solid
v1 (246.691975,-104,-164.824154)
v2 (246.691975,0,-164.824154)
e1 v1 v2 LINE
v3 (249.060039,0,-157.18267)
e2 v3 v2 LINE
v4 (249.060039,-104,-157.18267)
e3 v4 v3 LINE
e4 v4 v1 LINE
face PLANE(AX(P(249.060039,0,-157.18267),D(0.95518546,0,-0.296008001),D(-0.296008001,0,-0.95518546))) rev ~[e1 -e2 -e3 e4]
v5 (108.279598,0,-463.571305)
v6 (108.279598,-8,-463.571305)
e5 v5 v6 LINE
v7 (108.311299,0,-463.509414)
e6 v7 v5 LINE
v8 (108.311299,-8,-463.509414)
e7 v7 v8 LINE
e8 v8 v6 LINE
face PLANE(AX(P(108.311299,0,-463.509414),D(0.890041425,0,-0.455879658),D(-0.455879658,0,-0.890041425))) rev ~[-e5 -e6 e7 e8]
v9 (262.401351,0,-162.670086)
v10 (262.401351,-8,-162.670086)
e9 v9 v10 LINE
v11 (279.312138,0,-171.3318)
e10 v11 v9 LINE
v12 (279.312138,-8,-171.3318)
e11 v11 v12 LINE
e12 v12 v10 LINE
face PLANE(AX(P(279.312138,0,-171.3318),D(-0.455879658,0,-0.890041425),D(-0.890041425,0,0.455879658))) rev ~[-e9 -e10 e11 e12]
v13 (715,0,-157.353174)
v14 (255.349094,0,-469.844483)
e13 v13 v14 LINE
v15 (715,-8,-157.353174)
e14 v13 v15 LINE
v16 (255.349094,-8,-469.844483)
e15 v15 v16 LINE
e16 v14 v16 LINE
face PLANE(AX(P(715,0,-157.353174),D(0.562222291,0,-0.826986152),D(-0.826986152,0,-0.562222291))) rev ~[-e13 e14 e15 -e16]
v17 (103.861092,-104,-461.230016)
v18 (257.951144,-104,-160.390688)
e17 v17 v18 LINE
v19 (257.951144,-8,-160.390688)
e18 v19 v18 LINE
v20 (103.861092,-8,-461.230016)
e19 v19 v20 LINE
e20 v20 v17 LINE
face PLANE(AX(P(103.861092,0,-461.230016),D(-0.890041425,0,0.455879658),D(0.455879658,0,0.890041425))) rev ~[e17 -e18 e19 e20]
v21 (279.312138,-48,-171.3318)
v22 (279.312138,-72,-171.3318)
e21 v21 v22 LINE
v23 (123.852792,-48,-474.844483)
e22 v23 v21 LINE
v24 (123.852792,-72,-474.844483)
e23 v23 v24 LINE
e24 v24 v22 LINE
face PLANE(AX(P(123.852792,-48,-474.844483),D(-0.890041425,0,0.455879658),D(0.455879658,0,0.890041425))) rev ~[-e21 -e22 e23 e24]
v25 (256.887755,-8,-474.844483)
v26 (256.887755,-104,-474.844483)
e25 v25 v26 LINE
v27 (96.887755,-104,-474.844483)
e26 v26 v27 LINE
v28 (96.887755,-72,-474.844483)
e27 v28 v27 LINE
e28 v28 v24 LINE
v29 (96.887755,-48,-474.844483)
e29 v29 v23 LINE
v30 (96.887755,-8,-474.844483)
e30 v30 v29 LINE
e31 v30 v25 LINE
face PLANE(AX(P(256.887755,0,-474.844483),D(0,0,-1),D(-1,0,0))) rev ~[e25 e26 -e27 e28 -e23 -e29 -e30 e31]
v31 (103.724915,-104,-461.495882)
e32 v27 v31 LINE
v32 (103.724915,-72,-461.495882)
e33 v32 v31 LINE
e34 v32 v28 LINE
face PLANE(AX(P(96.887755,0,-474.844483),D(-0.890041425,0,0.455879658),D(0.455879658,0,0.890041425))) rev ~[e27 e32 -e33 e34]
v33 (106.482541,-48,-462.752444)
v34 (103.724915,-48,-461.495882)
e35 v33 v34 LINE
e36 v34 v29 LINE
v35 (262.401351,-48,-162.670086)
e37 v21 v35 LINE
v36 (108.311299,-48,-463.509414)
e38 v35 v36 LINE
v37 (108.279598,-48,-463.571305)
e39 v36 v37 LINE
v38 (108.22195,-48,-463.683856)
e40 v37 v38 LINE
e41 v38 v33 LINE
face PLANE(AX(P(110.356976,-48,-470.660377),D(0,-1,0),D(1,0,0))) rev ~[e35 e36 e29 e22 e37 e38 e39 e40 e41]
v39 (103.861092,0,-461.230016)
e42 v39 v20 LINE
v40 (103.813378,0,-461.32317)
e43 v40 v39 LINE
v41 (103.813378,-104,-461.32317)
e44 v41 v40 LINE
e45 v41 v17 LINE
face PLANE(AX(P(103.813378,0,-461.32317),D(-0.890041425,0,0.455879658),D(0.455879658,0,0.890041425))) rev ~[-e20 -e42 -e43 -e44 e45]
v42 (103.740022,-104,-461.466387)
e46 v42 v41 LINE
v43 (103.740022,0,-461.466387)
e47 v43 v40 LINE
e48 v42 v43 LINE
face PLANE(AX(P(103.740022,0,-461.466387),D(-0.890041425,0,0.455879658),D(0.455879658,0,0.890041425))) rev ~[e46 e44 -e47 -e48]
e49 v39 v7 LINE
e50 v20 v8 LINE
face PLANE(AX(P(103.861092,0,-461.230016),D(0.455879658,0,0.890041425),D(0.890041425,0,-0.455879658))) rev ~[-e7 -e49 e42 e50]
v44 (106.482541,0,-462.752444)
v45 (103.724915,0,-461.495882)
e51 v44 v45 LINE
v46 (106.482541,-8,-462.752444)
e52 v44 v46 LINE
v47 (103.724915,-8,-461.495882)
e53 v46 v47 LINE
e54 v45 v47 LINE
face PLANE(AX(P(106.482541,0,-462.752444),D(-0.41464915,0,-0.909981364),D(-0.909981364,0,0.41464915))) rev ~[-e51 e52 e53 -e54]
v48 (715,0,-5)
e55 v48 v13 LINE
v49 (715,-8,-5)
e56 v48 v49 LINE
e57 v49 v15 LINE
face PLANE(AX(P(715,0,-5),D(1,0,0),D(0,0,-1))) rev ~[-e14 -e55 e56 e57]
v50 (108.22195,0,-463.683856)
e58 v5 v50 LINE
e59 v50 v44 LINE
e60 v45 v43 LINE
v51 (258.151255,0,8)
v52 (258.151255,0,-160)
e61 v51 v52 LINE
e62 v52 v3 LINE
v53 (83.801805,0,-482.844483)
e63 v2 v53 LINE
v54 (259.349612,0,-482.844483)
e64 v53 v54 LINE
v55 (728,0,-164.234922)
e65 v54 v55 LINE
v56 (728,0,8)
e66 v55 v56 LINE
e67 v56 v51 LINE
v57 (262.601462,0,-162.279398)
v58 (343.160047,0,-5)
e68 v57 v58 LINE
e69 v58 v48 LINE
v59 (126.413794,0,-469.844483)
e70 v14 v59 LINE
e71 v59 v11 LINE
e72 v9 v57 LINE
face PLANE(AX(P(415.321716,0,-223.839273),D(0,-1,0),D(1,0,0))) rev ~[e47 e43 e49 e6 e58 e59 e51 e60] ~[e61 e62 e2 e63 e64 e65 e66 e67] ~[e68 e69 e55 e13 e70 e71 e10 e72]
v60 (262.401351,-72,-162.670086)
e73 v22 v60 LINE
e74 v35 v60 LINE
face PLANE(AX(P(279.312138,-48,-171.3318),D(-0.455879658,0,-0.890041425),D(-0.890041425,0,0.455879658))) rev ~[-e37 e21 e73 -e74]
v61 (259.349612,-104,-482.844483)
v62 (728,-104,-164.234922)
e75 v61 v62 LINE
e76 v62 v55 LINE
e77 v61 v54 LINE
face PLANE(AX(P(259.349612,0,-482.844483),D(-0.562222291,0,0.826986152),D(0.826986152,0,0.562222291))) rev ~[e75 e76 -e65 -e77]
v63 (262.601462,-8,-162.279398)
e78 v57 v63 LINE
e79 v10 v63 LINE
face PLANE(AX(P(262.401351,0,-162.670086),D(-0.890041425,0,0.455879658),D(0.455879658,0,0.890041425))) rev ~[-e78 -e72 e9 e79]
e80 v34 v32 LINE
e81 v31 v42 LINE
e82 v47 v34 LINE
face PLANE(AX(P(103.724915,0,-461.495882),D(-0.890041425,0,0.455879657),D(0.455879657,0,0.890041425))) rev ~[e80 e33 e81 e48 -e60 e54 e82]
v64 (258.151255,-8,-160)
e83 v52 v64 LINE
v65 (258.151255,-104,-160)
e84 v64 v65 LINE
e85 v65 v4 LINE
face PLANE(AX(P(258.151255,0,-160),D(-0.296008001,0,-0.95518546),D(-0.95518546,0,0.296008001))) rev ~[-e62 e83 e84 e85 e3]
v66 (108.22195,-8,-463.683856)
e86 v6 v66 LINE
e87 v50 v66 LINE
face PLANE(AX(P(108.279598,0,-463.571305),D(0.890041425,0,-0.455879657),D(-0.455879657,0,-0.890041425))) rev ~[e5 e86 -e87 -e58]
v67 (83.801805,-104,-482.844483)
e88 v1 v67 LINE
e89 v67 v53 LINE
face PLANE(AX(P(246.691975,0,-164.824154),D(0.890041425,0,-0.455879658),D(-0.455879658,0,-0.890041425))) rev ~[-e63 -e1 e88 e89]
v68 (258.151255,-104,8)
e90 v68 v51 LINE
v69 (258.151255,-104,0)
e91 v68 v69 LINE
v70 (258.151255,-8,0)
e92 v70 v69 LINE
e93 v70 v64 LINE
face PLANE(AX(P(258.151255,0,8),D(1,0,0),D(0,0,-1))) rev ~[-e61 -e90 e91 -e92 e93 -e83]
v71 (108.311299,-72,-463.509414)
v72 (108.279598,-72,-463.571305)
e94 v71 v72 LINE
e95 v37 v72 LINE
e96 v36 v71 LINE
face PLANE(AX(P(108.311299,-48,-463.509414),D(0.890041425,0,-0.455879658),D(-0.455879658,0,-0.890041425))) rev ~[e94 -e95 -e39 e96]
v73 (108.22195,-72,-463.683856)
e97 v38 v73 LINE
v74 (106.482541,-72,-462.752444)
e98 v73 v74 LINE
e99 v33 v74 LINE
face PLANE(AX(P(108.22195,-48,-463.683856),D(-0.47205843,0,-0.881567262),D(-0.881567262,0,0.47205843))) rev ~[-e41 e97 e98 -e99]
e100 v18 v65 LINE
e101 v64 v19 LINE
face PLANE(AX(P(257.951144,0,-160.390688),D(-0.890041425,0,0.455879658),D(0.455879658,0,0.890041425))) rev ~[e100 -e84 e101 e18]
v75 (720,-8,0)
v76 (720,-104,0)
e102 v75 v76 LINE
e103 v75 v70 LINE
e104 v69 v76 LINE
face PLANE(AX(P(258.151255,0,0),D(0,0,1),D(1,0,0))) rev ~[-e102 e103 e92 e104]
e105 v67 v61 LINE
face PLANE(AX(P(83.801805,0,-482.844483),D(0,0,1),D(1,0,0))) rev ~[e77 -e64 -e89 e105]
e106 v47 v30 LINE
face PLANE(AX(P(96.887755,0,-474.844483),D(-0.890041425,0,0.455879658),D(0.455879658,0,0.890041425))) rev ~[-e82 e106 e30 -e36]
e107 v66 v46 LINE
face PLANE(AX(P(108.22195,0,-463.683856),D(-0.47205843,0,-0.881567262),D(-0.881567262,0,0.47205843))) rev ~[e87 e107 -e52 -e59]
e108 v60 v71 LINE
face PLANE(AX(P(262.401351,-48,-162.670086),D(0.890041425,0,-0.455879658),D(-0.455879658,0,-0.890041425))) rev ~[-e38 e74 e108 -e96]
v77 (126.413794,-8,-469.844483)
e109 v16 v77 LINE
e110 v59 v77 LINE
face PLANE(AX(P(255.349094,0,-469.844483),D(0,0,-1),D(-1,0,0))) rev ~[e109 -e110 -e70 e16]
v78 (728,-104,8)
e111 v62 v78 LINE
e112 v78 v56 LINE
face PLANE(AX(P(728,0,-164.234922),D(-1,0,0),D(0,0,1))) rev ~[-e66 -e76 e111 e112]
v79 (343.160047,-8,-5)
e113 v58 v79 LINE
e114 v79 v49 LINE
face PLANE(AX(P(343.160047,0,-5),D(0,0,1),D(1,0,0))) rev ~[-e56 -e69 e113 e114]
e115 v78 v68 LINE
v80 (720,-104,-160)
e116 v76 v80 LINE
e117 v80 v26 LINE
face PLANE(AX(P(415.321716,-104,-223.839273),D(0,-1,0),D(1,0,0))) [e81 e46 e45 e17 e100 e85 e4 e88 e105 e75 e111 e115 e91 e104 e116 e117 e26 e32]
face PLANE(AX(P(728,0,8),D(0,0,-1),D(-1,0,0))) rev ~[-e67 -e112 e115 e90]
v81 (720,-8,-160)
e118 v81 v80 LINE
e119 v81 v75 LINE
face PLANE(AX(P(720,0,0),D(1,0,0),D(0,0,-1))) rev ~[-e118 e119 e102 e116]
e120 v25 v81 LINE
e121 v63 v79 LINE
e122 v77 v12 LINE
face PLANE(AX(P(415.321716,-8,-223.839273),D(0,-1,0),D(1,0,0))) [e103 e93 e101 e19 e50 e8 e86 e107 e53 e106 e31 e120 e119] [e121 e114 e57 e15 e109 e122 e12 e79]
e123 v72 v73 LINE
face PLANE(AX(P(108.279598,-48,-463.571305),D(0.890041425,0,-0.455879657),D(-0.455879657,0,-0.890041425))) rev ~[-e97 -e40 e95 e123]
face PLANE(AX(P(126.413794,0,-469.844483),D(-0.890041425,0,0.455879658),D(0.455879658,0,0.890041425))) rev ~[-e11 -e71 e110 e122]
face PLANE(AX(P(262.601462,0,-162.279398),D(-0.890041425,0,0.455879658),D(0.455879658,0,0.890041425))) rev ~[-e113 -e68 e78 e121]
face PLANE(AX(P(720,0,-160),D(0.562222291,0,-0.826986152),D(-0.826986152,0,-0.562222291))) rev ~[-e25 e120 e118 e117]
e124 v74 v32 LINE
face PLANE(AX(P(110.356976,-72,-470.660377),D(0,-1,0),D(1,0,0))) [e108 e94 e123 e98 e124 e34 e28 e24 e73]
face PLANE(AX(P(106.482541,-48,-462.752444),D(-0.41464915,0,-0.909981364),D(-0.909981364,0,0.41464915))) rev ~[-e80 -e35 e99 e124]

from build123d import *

# Parameters (mm, degrees)
F6_DEPTH = 8
F7_DEPTH = 104
F8_START = 48
F8_DEPTH = 24


with BuildPart() as f6:
    # F5 (on Front) → F6 (new body)
    with BuildSketch(Plane.XZ):
        Polygon((258.1512545863, 8), (258.1512545863, 0), (720, 0), (720, -160), (256.8877548805, -474.8444829124), (123.8527919354, -474.8444829124), (96.8877548805, -474.8444829124), (103.7249146428, -461.4958824301), (103.7400223735, -461.4663866938), (103.8133779806, -461.3231701059), (103.8610917427, -461.2300156427), (257.951143964, -160.3906880696), (258.1512545863, -160), (249.0600389619, -157.1826700935), (246.6919749543, -164.824153775), (83.8018052429, -482.8444829124), (259.3496117054, -482.8444829124), (728, -164.234921787), (728, 8), align=None)
        Polygon((720, 0), (258.1512545863, 0), (258.1512545863, -160), (262.6014617103, -162.2793982877), (343.1600472217, -5), (715, -5), (715, -157.3531738831), (255.3490943649, -469.8444829124), (126.4137944058, -469.8444829124), (123.8527919354, -474.8444829124), (256.8877548805, -474.8444829124), (720, -160), align=None)
        Polygon((96.8877548805, -474.8444829124), (123.8527919354, -474.8444829124), (126.4137944058, -469.8444829124), (105.066473404, -469.8444829124), (108.2219495636, -463.6838559781), (106.4825408482, -462.7524437274), (103.7249146428, -461.4958824301), align=None)
        Polygon((279.3121381591, -171.3317998503), (262.401351088, -162.6700863573), (108.3112988667, -463.5094139303), (108.2795983128, -463.5713048387), (108.2219495636, -463.6838559781), (105.066473404, -469.8444829124), (126.4137944058, -469.8444829124), align=None)
        Polygon((262.6014617103, -162.2793982877), (258.1512545863, -160), (257.951143964, -160.3906880696), (262.401351088, -162.6700863573), align=None)
        Polygon((262.401351088, -162.6700863573), (257.951143964, -160.3906880696), (103.8610917427, -461.2300156427), (108.3112988667, -463.5094139303), align=None)
    extrude(amount=F6_DEPTH)

    # F5 (on Front) → F7 (join)
    with BuildSketch(Plane.XZ):
        Polygon((258.1512545863, 8), (258.1512545863, 0), (720, 0), (720, -160), (256.8877548805, -474.8444829124), (123.8527919354, -474.8444829124), (96.8877548805, -474.8444829124), (103.7249146428, -461.4958824301), (103.7400223735, -461.4663866938), (103.8133779806, -461.3231701059), (103.8610917427, -461.2300156427), (257.951143964, -160.3906880696), (258.1512545863, -160), (249.0600389619, -157.1826700935), (246.6919749543, -164.824153775), (83.8018052429, -482.8444829124), (259.3496117054, -482.8444829124), (728, -164.234921787), (728, 8), align=None)
    extrude(amount=F7_DEPTH)

    # F5 (on Front) → F8 (join)
    with BuildSketch(Plane.XZ.offset(F8_START)):
        Polygon((96.8877548805, -474.8444829124), (123.8527919354, -474.8444829124), (126.4137944058, -469.8444829124), (105.066473404, -469.8444829124), (108.2219495636, -463.6838559781), (106.4825408482, -462.7524437274), (103.7249146428, -461.4958824301), align=None)
        Polygon((279.3121381591, -171.3317998503), (262.401351088, -162.6700863573), (108.3112988667, -463.5094139303), (108.2795983128, -463.5713048387), (108.2219495636, -463.6838559781), (105.066473404, -469.8444829124), (126.4137944058, -469.8444829124), align=None)
    extrude(amount=F8_DEPTH)


solid = f6.part
